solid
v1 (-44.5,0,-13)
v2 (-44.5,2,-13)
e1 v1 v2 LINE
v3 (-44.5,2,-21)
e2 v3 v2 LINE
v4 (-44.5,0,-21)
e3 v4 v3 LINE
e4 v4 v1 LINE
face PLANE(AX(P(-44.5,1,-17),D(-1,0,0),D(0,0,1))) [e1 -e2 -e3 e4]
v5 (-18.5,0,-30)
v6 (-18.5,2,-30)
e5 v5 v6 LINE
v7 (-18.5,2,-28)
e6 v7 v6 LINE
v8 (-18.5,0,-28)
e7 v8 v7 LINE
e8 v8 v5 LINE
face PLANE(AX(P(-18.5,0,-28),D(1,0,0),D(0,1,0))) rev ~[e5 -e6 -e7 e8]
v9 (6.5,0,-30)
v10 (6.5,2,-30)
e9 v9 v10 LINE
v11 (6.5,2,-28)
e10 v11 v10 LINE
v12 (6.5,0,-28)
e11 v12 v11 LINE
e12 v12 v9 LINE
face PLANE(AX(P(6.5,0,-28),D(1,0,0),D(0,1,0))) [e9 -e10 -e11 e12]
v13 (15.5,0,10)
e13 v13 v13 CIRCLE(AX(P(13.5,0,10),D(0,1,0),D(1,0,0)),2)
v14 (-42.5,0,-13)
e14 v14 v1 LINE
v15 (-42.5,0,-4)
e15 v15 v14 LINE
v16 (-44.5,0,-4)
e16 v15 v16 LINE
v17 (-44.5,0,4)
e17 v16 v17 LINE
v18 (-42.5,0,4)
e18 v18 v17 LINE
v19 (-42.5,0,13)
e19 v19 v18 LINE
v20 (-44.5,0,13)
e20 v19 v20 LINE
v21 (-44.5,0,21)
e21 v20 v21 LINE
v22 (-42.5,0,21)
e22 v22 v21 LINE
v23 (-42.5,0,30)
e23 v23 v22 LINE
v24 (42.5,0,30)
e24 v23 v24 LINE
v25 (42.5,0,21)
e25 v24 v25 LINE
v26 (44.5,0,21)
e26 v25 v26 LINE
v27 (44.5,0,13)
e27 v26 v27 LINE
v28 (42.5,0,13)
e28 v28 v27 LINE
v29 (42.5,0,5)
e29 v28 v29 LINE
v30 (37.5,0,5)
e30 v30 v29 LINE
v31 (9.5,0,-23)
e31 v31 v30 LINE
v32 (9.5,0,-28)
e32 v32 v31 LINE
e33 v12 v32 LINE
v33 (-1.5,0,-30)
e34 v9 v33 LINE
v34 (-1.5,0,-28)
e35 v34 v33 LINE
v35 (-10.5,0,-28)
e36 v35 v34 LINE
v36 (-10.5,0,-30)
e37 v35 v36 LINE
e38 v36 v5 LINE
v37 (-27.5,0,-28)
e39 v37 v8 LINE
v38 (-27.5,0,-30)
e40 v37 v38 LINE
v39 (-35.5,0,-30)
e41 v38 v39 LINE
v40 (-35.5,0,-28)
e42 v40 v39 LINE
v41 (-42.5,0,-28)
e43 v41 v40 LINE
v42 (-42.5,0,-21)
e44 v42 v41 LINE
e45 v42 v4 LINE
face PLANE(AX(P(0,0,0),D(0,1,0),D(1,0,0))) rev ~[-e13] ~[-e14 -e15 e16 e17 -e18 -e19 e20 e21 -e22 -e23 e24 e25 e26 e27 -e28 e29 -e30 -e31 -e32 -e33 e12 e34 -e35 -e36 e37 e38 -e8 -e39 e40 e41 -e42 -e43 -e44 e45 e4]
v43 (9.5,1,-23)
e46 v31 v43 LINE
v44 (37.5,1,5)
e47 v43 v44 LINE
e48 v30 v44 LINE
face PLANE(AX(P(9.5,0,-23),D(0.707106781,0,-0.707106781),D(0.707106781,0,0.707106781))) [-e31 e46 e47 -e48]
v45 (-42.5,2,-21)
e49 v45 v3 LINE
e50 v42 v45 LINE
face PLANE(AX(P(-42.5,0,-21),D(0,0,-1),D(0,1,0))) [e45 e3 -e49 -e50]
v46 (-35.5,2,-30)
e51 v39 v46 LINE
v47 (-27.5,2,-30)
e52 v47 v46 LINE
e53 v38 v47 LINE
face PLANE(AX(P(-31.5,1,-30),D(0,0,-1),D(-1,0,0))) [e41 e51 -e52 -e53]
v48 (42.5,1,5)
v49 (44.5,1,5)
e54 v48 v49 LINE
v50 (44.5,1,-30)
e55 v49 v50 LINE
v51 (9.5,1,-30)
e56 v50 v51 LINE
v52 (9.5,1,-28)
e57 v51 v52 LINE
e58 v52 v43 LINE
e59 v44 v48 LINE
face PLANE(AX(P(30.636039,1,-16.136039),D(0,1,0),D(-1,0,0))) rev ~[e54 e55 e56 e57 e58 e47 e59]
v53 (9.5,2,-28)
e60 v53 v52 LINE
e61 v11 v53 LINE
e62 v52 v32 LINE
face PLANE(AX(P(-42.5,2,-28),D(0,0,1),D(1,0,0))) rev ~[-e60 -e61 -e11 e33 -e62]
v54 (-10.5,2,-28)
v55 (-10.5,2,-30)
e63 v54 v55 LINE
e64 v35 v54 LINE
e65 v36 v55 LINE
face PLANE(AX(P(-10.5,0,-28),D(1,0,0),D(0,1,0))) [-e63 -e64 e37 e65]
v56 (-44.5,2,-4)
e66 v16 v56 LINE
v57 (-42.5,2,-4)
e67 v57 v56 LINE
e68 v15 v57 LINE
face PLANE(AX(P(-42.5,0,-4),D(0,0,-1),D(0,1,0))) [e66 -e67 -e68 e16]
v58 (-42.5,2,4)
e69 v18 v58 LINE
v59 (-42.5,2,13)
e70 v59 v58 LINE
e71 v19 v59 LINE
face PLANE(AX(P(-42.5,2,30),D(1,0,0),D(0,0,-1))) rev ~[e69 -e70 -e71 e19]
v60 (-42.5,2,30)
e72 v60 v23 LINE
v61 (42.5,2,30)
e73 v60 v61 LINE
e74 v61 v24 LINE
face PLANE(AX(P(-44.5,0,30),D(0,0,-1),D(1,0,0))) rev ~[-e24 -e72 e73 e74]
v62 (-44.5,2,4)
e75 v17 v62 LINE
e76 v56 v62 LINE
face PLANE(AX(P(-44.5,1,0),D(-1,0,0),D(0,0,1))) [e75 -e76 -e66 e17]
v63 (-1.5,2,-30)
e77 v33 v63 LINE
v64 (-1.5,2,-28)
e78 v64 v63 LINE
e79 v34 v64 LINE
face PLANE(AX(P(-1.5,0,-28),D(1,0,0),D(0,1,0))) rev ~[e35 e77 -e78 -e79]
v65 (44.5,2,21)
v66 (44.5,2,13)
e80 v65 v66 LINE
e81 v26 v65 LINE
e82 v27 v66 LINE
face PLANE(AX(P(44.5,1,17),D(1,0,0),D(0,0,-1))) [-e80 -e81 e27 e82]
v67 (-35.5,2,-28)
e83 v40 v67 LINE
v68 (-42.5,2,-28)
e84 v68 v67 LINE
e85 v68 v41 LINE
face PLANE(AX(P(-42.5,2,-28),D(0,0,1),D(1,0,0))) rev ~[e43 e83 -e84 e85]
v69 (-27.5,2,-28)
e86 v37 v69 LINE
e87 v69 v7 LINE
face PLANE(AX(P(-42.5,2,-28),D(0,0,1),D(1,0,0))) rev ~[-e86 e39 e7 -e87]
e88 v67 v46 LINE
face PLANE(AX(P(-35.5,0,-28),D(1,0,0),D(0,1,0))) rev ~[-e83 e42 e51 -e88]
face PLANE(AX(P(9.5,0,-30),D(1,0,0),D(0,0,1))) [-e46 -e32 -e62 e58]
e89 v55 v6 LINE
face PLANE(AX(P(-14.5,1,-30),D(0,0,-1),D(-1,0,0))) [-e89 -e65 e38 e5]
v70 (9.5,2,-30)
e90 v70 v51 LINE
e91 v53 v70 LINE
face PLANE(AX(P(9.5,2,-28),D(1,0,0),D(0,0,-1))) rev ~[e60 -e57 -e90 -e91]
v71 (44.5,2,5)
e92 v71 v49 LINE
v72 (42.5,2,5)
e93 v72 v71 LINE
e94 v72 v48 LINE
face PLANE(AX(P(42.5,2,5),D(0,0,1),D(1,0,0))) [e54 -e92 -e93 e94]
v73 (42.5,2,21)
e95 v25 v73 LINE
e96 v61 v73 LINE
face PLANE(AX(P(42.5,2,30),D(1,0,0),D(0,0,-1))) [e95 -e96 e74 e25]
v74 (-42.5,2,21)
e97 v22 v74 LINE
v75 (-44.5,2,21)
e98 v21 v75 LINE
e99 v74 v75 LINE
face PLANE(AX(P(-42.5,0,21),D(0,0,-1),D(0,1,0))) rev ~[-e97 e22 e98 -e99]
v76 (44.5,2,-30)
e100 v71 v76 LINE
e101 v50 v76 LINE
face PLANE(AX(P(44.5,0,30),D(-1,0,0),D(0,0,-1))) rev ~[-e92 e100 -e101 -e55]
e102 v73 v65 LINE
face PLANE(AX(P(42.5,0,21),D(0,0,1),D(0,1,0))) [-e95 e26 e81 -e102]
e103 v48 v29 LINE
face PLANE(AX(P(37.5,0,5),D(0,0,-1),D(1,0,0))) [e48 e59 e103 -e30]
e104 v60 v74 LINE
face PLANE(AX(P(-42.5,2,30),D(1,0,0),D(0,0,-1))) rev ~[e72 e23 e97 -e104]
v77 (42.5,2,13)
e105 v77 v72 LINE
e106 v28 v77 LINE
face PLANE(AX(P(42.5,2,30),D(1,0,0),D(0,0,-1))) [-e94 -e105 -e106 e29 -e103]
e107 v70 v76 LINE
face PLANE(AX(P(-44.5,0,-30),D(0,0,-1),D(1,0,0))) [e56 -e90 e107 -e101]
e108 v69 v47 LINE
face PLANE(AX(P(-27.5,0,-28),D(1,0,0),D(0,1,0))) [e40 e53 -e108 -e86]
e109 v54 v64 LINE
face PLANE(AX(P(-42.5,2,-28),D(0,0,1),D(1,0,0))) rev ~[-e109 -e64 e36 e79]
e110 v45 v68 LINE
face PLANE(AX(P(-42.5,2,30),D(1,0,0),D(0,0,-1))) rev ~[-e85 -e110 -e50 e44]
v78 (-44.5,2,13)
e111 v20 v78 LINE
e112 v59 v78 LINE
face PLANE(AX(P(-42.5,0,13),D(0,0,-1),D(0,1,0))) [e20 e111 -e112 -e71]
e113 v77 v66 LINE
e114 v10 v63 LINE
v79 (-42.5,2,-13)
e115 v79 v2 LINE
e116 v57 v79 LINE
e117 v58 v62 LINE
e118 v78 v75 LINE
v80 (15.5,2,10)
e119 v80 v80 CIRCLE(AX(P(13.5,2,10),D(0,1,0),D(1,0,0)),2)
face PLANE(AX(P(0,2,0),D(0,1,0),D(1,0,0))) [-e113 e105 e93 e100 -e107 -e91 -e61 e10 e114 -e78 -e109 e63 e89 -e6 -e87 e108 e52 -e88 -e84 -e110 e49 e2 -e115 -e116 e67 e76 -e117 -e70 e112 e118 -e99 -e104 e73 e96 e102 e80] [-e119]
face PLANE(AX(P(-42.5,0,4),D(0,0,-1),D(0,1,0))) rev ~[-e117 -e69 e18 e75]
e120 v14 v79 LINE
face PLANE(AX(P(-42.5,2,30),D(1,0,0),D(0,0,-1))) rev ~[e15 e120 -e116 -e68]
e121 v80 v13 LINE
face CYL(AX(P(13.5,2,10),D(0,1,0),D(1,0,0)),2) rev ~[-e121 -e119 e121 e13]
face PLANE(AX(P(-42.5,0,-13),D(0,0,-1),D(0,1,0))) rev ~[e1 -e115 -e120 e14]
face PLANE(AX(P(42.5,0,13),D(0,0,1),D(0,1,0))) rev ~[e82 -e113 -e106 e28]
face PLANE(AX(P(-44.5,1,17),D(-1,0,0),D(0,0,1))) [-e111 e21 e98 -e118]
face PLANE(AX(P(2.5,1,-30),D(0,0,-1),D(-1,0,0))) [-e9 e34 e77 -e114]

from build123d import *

# Parameters (mm, degrees)
SKETCH_370_W           = 89
SKETCH_370_H           = 60
EXTRUDE_438_DEPTH      = 2
CUT_EXTRUDE_684_DEPTH  = 2
SKETCH_734_W           = 2
SKETCH_734_H           = 25
CUT_EXTRUDE_885_DEPTH  = 2
SKETCH_933_W           = 8
SKETCH_933_H           = 2
EXTRUDE_1139_DEPTH     = 2
SKETCH_1188_W          = 8
SKETCH_1188_H          = 2
EXTRUDE_1389_DEPTH     = 2
SKETCH_1437_W          = 8
SKETCH_1437_H          = 2
EXTRUDE_1598_DEPTH     = 2
CUT_EXTRUDE_2168_DEPTH = 1
SKETCH_2222_R          = 2
CUT_EXTRUDE_2716_DEPTH = 3


with BuildPart() as part:
    # Sketch 370 → Extrude 438 (new body)
    with BuildSketch(Plane(origin=(0, 0, 0), x_dir=(1, 0, 0), z_dir=(0, 1, 0))):
        Rectangle(SKETCH_370_W, SKETCH_370_H)
    extrude(amount=EXTRUDE_438_DEPTH)

    # Sketch 488 → Cut-Extrude 684 (cut)
    with BuildSketch(Plane(origin=(0, 2, 0), x_dir=(1, 0, 0), z_dir=(0, 1, 0))):
        Polygon((-44.5, -30), (-42.5, -30), (-42.5, 28), (9.5, 28), (9.5, 30), (-44.5, 30), align=None)
    extrude(amount=-CUT_EXTRUDE_684_DEPTH, mode=Mode.SUBTRACT)

    # Sketch 734 → Cut-Extrude 885 (cut)
    with BuildSketch(Plane(origin=(0, 2, 0), x_dir=(1, 0, 0), z_dir=(0, 1, 0))):
        with Locations((43.5, -17.5)):
            Rectangle(SKETCH_734_W, SKETCH_734_H)
    extrude(amount=-CUT_EXTRUDE_885_DEPTH, mode=Mode.SUBTRACT)

    # Sketch 933 → Extrude 1139 (add)
    with BuildSketch(Plane.ZY.offset(42.5)):
        with Locations((17, 1)):
            Rectangle(SKETCH_933_W, SKETCH_933_H)
        with Locations((0, 1)):
            Rectangle(SKETCH_933_W, SKETCH_933_H)
        with Locations((-17, 1)):
            Rectangle(SKETCH_933_W, SKETCH_933_H)
    extrude(amount=EXTRUDE_1139_DEPTH)

    # Sketch 1188 → Extrude 1389 (add)
    with BuildSketch(Plane(origin=(0, 0, -28), x_dir=(-1, 0, 0), z_dir=(0, 0, -1))):
        with Locations((31.5, 1)):
            Rectangle(SKETCH_1188_W, SKETCH_1188_H)
        with Locations((14.5, 1)):
            Rectangle(SKETCH_1188_W, SKETCH_1188_H)
        with Locations((-2.5, 1)):
            Rectangle(SKETCH_1188_W, SKETCH_1188_H)
    extrude(amount=EXTRUDE_1389_DEPTH)

    # Sketch 1437 → Extrude 1598 (add)
    with BuildSketch(Plane(origin=(42.5, 0, 0), x_dir=(0, 0, -1), z_dir=(1, 0, 0))):
        with Locations((-17, 1)):
            Rectangle(SKETCH_1437_W, SKETCH_1437_H)
    extrude(amount=EXTRUDE_1598_DEPTH)

    # Sketch 1650 → Cut-Extrude 2168 (cut)
    with BuildSketch(Plane.XZ):
        Polygon((44.5, -30), (9.5, -30), (9.5, -23), (37.5, 5), (44.5, 5), align=None)
    extrude(amount=-CUT_EXTRUDE_2168_DEPTH, mode=Mode.SUBTRACT)

    # Sketch 2222 → Cut-Extrude 2716 (cut, through all)
    with BuildSketch(Plane(origin=(0, 2, 0), x_dir=(1, 0, 0), z_dir=(0, 1, 0))):
        with Locations((13.5, -10)):
            Circle(SKETCH_2222_R)
    extrude(amount=-CUT_EXTRUDE_2716_DEPTH, mode=Mode.SUBTRACT)


solid = part.part
